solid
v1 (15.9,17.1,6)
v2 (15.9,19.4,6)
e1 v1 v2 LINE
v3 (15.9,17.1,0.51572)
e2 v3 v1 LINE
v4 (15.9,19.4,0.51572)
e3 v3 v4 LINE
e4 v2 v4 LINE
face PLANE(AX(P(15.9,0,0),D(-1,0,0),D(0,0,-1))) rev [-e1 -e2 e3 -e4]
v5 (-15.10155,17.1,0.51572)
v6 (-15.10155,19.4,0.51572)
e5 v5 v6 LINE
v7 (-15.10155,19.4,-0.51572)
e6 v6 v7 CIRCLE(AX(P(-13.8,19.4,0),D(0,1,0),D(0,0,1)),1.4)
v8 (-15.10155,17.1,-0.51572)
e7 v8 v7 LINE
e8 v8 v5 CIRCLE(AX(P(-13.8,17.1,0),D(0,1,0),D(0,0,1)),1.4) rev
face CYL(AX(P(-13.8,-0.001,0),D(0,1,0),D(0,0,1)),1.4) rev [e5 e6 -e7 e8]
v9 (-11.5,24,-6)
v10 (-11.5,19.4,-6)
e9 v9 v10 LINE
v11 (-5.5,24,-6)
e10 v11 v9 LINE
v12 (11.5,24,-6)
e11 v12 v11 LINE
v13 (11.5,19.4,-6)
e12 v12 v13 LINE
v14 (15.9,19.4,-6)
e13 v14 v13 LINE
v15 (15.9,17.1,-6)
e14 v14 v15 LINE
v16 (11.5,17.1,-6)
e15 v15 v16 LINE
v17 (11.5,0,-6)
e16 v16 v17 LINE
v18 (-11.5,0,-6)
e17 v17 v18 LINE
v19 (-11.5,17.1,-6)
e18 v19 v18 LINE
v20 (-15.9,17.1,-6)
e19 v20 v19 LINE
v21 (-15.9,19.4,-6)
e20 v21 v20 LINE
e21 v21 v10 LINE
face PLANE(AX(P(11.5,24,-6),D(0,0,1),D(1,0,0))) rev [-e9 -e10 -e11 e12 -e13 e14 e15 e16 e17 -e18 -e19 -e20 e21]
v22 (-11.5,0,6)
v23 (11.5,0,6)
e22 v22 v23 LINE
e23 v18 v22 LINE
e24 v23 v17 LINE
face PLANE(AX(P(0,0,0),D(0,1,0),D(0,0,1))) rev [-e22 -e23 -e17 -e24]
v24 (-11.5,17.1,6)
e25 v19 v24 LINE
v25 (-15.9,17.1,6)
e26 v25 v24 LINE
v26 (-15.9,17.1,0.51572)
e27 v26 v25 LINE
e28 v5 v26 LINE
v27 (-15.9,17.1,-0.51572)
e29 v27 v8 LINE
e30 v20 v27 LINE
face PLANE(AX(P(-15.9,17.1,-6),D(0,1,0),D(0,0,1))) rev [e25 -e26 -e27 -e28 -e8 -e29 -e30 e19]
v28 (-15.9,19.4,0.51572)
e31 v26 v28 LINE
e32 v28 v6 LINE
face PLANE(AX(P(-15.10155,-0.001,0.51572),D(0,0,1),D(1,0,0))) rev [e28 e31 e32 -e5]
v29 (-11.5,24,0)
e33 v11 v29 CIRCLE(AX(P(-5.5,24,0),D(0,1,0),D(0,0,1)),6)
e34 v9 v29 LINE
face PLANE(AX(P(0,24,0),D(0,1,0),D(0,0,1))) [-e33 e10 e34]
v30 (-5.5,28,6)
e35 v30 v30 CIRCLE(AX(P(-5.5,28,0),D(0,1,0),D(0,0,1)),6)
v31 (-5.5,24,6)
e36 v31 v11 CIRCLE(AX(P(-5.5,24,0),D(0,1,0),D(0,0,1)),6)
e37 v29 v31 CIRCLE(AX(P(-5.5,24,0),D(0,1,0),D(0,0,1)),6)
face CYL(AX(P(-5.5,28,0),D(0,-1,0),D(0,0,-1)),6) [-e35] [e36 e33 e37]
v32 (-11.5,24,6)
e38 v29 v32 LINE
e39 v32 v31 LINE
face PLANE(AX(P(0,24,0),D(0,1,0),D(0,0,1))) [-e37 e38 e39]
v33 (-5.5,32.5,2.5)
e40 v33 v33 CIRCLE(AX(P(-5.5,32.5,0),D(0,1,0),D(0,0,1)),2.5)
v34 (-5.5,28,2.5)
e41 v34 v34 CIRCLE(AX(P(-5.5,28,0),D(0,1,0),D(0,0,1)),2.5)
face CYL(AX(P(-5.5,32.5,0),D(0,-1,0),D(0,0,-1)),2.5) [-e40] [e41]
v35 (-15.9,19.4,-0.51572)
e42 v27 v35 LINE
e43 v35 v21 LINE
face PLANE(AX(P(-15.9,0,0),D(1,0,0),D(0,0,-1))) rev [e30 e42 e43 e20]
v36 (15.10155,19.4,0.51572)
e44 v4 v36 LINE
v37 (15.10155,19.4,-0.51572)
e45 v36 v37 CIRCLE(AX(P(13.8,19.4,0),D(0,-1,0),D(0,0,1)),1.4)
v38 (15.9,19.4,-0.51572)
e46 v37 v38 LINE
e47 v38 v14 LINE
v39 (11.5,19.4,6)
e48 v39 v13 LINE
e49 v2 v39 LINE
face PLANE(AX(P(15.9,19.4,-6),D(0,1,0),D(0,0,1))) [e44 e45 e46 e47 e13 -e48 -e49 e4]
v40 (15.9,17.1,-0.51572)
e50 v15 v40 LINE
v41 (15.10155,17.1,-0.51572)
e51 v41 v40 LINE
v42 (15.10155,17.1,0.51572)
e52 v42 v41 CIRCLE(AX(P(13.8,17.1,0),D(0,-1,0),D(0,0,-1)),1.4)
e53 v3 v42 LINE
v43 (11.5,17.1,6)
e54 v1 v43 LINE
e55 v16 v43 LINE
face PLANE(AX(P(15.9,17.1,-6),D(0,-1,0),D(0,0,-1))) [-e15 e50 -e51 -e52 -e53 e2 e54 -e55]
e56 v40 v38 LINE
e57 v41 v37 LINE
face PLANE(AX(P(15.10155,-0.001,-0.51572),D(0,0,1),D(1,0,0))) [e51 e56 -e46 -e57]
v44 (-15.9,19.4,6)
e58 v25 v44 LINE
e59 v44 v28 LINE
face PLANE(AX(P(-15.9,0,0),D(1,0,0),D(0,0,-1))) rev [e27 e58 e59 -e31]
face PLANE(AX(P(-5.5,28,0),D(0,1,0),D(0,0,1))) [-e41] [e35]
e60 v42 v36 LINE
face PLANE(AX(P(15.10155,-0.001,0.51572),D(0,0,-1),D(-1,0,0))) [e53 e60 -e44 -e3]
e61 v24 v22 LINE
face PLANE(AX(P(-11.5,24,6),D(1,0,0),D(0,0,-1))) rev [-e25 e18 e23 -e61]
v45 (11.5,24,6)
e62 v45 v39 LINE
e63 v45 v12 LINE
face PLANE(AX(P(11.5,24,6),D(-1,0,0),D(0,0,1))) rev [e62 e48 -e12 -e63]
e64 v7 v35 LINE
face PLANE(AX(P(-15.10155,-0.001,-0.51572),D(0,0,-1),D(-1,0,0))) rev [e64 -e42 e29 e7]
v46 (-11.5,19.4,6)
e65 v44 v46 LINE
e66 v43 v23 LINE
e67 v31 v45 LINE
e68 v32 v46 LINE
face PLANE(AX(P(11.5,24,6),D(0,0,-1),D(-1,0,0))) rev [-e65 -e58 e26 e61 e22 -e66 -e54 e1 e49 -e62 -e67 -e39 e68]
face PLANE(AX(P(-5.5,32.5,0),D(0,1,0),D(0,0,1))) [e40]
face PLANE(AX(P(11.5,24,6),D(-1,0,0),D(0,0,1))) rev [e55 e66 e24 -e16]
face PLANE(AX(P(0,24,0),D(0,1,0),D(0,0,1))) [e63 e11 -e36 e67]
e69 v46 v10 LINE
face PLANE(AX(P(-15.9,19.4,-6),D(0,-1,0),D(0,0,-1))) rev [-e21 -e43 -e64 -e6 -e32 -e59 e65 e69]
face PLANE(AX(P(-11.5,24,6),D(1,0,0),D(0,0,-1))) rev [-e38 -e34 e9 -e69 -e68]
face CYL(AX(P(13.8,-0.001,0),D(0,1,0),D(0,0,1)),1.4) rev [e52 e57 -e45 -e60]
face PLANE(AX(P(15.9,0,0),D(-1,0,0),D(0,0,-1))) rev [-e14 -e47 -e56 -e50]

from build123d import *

# Parameters (mm, degrees)
CROQUIS1_W              = 23
CROQUIS1_H              = 12
SALIENTE_EXTRUIR1_DEPTH = 24
CROQUIS2_W              = 12
CROQUIS2_H              = 2.3
SALIENTE_EXTRUIR2_DEPTH = 4.4
CORTAR_EXTRUIR1_REACH   = 27.791
CROQUIS4_R              = 6
SALIENTE_EXTRUIR4_DEPTH = 4
CROQUIS5_R              = 2.5
SALIENTE_EXTRUIR5_DEPTH = 4.5


with BuildPart() as part:
    # Croquis1 → Saliente-Extruir1 (new body)
    with BuildSketch(Plane(origin=(0, 0, 0), x_dir=(1, 0, 0), z_dir=(0, 1, 0))):
        Rectangle(CROQUIS1_W, CROQUIS1_H)
    extrude(amount=SALIENTE_EXTRUIR1_DEPTH)

    # Croquis2 → Saliente-Extruir2 (add)
    with BuildSketch(Plane.ZY.offset(11.5)):
        with Locations((0, 18.25)):
            Rectangle(CROQUIS2_W, CROQUIS2_H)
    saliente_extruir2 = extrude(amount=SALIENTE_EXTRUIR2_DEPTH)

    # Croquis3 → Cortar-Extruir1 (cut, up to next)
    with BuildSketch(Plane(origin=(0, 19.4, 0), x_dir=(1, 0, 0), z_dir=(0, 1, 0)), mode=Mode.PRIVATE) as cortar_extruir1_sk1:
        with BuildLine():
            Line((-15.101550129, -0.515720139), (-15.9, -0.515720139))
            Line((-15.9, -0.515720139), (-15.9, 0.515720139))
            Line((-15.9, 0.515720139), (-15.101550129, 0.515720139))
            ThreePointArc((-15.101550129, 0.515720139), (-12.4, 0), (-15.101550129, -0.515720139))
        make_face()
    cortar_extruir1_tool1 = extrude(cortar_extruir1_sk1.sketch, amount=-CORTAR_EXTRUIR1_REACH, mode=Mode.PRIVATE) & part.part
    cortar_extruir1 = cortar_extruir1_tool1.solids().sort_by_distance((-13.989391, 19.4, 0))[0]
    add(cortar_extruir1, mode=Mode.SUBTRACT)

    # Simetría1: Saliente-Extruir2, Cortar-Extruir1 across plane
    add(saliente_extruir2.mirror(Plane(origin=(0, 0, 0), x_dir=(0, 0, 1), z_dir=(1, 0, 0))))
    add(cortar_extruir1.mirror(Plane(origin=(0, 0, 0), x_dir=(0, 0, 1), z_dir=(1, 0, 0))), mode=Mode.SUBTRACT)

    # Croquis4 → Saliente-Extruir4 (add)
    with BuildSketch(Plane(origin=(0, 24, 0), x_dir=(1, 0, 0), z_dir=(0, 1, 0))):
        with Locations(Location((-5.5, 0, 0), (0, 0, 270))):
            Circle(CROQUIS4_R)
    extrude(amount=SALIENTE_EXTRUIR4_DEPTH)

    # Croquis5 → Saliente-Extruir5 (add)
    with BuildSketch(Plane(origin=(0, 28, 0), x_dir=(1, 0, 0), z_dir=(0, 1, 0))):
        with Locations(Location((-5.5, 0, 0), (0, 0, 270))):
            Circle(CROQUIS5_R)
    extrude(amount=SALIENTE_EXTRUIR5_DEPTH)


solid = part.part
